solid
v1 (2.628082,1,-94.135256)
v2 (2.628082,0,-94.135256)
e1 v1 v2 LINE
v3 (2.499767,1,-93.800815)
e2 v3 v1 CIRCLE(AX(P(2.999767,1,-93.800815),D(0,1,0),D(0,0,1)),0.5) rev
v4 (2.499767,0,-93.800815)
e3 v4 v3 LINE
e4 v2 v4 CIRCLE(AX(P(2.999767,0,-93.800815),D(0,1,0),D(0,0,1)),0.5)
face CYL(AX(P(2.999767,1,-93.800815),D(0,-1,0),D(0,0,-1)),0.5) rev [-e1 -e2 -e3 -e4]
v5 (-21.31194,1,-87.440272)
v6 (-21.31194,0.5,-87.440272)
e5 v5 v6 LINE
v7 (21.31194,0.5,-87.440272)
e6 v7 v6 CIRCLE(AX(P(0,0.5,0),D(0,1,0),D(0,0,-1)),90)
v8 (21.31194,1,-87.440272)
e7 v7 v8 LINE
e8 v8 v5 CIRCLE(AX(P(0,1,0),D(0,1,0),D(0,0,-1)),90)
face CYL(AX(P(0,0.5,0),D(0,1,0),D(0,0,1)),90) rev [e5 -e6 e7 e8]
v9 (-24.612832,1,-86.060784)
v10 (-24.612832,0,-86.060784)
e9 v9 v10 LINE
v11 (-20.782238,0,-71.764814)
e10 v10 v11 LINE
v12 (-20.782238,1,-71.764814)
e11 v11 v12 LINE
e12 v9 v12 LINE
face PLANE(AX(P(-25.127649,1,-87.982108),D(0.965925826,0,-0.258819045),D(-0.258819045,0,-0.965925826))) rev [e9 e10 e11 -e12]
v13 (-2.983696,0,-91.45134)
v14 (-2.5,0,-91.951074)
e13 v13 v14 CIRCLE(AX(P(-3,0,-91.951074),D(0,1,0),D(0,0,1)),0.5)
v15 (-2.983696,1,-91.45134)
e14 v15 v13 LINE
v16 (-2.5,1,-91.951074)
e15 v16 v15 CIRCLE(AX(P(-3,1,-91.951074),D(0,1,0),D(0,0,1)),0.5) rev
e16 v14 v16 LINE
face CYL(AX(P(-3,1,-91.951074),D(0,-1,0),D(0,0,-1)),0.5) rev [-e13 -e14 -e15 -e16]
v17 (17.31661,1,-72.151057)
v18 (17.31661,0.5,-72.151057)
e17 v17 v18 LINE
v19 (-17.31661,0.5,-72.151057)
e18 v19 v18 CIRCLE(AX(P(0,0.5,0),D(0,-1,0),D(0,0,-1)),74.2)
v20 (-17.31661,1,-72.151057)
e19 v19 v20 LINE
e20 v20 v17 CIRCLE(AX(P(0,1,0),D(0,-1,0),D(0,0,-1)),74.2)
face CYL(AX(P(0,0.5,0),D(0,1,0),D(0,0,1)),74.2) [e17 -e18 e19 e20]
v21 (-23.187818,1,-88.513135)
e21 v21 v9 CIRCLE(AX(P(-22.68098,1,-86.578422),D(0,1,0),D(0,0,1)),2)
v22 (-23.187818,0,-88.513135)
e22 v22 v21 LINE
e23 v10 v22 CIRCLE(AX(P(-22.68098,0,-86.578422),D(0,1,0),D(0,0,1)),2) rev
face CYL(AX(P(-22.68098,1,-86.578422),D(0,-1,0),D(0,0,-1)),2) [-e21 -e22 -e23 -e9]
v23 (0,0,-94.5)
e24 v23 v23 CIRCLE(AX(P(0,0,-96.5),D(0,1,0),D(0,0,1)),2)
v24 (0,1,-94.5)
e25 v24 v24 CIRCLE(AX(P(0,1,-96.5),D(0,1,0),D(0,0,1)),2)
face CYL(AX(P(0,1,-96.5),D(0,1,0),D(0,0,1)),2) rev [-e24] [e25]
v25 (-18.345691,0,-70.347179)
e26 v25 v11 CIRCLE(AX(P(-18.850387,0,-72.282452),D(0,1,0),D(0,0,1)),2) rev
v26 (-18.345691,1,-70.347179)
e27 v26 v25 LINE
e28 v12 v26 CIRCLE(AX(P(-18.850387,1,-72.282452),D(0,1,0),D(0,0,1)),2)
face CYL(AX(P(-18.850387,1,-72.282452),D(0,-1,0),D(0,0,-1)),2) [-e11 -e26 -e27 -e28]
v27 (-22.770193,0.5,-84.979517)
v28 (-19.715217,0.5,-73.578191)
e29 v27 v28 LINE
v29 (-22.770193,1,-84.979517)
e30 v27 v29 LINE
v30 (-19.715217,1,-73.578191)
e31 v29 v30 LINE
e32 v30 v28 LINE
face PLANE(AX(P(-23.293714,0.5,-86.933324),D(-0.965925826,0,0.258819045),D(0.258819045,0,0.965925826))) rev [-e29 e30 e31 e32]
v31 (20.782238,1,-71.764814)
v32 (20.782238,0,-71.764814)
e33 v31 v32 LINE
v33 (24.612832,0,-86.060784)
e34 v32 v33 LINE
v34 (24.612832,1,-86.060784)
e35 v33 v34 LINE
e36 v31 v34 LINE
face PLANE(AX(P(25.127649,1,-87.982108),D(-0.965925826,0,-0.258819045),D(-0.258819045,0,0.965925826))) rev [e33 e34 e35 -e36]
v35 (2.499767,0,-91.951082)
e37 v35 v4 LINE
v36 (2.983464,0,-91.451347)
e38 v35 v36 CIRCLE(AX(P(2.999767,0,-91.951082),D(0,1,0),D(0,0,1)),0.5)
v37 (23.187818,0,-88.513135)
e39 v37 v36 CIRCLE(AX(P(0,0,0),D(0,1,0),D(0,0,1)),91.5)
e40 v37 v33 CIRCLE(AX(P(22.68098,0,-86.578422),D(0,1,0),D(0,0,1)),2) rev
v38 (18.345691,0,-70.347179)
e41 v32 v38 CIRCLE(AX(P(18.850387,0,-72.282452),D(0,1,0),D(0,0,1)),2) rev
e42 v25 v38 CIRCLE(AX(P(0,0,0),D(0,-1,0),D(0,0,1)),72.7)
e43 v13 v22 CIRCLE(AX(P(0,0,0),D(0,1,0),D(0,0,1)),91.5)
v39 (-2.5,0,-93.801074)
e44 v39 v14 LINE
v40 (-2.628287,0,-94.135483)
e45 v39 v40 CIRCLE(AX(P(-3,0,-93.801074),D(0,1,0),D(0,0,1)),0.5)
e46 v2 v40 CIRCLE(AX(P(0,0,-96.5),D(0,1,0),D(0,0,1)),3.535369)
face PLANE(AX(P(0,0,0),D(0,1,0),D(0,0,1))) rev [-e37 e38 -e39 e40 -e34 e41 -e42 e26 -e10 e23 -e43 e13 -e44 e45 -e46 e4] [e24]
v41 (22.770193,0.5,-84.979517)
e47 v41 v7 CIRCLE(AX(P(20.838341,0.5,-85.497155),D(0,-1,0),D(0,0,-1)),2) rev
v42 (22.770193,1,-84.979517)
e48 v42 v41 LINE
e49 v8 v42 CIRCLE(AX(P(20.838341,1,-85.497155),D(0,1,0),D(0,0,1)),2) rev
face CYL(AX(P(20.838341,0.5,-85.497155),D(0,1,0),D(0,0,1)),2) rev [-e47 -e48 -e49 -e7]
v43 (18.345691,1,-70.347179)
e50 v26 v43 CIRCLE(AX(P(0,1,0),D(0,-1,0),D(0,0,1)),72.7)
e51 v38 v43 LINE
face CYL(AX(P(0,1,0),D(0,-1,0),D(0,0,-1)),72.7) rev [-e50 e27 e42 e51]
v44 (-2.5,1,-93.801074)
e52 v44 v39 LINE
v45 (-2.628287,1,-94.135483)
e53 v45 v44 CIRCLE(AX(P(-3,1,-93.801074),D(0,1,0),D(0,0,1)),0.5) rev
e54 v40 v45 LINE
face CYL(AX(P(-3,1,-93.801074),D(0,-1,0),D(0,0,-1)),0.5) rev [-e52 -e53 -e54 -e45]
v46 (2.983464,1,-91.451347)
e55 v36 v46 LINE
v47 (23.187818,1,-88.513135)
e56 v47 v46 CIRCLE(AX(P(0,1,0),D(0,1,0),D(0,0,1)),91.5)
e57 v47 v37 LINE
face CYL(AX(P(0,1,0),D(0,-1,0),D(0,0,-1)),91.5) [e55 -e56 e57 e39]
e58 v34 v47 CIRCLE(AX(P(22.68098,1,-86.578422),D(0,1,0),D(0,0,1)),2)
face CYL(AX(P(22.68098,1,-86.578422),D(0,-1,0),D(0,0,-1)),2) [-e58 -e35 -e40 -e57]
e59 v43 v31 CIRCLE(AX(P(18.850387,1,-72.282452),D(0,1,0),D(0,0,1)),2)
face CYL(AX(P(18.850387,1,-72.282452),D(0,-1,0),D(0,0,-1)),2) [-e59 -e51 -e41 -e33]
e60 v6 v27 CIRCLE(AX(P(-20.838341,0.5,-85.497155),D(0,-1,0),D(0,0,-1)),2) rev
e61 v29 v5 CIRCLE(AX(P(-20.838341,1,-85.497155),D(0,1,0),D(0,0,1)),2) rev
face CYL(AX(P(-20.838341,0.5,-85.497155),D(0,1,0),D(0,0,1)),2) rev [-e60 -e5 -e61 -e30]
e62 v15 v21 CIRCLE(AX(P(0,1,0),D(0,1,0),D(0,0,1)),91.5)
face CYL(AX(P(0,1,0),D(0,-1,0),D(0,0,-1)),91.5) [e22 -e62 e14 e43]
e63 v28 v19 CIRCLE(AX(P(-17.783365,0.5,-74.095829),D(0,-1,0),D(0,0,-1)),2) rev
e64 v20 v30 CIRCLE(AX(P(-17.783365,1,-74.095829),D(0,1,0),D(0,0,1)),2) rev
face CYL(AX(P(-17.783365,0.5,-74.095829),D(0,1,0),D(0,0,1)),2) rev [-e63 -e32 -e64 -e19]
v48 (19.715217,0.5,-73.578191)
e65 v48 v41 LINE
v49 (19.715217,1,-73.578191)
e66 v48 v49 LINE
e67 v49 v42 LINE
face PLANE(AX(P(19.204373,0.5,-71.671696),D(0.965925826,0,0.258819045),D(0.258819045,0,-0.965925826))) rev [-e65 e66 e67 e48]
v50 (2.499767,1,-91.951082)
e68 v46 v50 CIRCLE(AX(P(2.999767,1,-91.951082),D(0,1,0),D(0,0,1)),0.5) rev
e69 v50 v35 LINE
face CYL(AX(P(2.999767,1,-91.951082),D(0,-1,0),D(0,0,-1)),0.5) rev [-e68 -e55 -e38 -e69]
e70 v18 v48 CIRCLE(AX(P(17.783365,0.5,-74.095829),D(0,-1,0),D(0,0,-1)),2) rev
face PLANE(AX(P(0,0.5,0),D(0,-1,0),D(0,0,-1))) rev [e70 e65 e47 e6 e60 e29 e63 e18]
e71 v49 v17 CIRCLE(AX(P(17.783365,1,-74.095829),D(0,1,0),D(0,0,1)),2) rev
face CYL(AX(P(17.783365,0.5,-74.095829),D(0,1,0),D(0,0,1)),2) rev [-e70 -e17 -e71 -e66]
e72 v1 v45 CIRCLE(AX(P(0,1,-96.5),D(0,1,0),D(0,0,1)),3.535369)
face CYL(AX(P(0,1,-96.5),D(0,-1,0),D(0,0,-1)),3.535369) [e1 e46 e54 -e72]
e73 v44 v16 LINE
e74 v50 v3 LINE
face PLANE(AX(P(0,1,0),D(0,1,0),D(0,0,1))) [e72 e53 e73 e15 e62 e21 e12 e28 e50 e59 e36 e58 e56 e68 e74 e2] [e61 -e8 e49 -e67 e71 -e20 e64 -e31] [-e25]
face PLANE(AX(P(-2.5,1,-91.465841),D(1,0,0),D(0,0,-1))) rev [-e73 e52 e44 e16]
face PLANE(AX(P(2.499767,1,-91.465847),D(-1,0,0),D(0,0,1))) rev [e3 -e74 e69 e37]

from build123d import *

# Parameters (mm, degrees)
BOSS_EXTRUDE1_DEPTH   = 1
CUT_EXTRUDE2_DEPTH    = 0.5
FILLET2_R             = 2
FILLET3_R             = 0.5
F_4_0MM_DOWEL_HOLE1_D = 4


with BuildPart() as part:
    # Sketch1 → Boss-Extrude1 (new body)
    with BuildSketch(Plane(origin=(0, 0, 0), x_dir=(1, 0, 0), z_dir=(0, 1, 0))):
        with BuildLine():
            Line((-25.127648951, 87.982107603), (-20.261027783, 69.819630142))
            ThreePointArc((-20.261027783, 69.819630142), (0, 72.7), (20.261027783, 69.819630142))
            Line((20.261027783, 69.819630142), (25.127648951, 87.982107603))
            ThreePointArc((25.127648951, 87.982107603), (13.92309714, 90.434492126), (2.499766704, 91.465846995))
            Line((2.499766704, 91.465846995), (2.499766704, 94))
            ThreePointArc((2.499766704, 94), (0.000164965, 100.03536894), (-2.5, 94.000233296))
            Line((-2.5, 94.000233296), (-2.5, 91.465840618))
            ThreePointArc((-2.5, 91.465840618), (-13.923212473, 90.434474369), (-25.127648951, 87.982107603))
        make_face()
    extrude(amount=BOSS_EXTRUDE1_DEPTH)

    # Sketch2 → Cut-Extrude2 (cut)
    with BuildSketch(Plane(origin=(0, 1, 0), x_dir=(1, 0, 0), z_dir=(0, 1, 0))):
        with BuildLine():
            Line((19.204373147, 71.671696311), (23.293714059, 86.933324366))
            ThreePointArc((23.293714059, 86.933324366), (0, 90), (-23.293714059, 86.933324366))
            Line((-23.293714059, 86.933324366), (-19.204373147, 71.671696311))
            ThreePointArc((-19.204373147, 71.671696311), (0, 74.2), (19.204373147, 71.671696311))
        make_face()
    extrude(amount=-CUT_EXTRUDE2_DEPTH, mode=Mode.SUBTRACT)

    # Fillet2
    fillet2_edges = [part.edges().sort_by_distance(p)[0] for p in [
        (25.127648951, 0.5, -87.982107603),
        (20.261027783, 0.5, -69.819630142),
        (-20.261027783, 0.5, -69.819630142),
        (-25.127648951, 0.5, -87.982107603),
        (19.204373147, 0.75, -71.671696311),
        (-19.204373147, 0.75, -71.671696311),
        (-23.293714059, 0.75, -86.933324366),
        (23.293714059, 0.75, -86.933324366),
    ]]
    fillet(fillet2_edges, radius=FILLET2_R)

    # Fillet3
    fillet3_edges = [part.edges().sort_by_distance(p)[0] for p in [
        (-2.5, 0.5, -91.465840618),
        (-2.5, 0.5, -94.000233296),
        (2.499766704, 0.5, -94),
        (2.499766704, 0.5, -91.465846995),
    ]]
    fillet(fillet3_edges, radius=FILLET3_R)

    # Ø4.0mm Dowel Hole1 (through all)
    with Locations(Plane(origin=(0, 1, 0), x_dir=(1, 0, 0), z_dir=(0, 1, 0))):
        with Locations((0, 96.5)):
            Hole(F_4_0MM_DOWEL_HOLE1_D / 2)


solid = part.part
